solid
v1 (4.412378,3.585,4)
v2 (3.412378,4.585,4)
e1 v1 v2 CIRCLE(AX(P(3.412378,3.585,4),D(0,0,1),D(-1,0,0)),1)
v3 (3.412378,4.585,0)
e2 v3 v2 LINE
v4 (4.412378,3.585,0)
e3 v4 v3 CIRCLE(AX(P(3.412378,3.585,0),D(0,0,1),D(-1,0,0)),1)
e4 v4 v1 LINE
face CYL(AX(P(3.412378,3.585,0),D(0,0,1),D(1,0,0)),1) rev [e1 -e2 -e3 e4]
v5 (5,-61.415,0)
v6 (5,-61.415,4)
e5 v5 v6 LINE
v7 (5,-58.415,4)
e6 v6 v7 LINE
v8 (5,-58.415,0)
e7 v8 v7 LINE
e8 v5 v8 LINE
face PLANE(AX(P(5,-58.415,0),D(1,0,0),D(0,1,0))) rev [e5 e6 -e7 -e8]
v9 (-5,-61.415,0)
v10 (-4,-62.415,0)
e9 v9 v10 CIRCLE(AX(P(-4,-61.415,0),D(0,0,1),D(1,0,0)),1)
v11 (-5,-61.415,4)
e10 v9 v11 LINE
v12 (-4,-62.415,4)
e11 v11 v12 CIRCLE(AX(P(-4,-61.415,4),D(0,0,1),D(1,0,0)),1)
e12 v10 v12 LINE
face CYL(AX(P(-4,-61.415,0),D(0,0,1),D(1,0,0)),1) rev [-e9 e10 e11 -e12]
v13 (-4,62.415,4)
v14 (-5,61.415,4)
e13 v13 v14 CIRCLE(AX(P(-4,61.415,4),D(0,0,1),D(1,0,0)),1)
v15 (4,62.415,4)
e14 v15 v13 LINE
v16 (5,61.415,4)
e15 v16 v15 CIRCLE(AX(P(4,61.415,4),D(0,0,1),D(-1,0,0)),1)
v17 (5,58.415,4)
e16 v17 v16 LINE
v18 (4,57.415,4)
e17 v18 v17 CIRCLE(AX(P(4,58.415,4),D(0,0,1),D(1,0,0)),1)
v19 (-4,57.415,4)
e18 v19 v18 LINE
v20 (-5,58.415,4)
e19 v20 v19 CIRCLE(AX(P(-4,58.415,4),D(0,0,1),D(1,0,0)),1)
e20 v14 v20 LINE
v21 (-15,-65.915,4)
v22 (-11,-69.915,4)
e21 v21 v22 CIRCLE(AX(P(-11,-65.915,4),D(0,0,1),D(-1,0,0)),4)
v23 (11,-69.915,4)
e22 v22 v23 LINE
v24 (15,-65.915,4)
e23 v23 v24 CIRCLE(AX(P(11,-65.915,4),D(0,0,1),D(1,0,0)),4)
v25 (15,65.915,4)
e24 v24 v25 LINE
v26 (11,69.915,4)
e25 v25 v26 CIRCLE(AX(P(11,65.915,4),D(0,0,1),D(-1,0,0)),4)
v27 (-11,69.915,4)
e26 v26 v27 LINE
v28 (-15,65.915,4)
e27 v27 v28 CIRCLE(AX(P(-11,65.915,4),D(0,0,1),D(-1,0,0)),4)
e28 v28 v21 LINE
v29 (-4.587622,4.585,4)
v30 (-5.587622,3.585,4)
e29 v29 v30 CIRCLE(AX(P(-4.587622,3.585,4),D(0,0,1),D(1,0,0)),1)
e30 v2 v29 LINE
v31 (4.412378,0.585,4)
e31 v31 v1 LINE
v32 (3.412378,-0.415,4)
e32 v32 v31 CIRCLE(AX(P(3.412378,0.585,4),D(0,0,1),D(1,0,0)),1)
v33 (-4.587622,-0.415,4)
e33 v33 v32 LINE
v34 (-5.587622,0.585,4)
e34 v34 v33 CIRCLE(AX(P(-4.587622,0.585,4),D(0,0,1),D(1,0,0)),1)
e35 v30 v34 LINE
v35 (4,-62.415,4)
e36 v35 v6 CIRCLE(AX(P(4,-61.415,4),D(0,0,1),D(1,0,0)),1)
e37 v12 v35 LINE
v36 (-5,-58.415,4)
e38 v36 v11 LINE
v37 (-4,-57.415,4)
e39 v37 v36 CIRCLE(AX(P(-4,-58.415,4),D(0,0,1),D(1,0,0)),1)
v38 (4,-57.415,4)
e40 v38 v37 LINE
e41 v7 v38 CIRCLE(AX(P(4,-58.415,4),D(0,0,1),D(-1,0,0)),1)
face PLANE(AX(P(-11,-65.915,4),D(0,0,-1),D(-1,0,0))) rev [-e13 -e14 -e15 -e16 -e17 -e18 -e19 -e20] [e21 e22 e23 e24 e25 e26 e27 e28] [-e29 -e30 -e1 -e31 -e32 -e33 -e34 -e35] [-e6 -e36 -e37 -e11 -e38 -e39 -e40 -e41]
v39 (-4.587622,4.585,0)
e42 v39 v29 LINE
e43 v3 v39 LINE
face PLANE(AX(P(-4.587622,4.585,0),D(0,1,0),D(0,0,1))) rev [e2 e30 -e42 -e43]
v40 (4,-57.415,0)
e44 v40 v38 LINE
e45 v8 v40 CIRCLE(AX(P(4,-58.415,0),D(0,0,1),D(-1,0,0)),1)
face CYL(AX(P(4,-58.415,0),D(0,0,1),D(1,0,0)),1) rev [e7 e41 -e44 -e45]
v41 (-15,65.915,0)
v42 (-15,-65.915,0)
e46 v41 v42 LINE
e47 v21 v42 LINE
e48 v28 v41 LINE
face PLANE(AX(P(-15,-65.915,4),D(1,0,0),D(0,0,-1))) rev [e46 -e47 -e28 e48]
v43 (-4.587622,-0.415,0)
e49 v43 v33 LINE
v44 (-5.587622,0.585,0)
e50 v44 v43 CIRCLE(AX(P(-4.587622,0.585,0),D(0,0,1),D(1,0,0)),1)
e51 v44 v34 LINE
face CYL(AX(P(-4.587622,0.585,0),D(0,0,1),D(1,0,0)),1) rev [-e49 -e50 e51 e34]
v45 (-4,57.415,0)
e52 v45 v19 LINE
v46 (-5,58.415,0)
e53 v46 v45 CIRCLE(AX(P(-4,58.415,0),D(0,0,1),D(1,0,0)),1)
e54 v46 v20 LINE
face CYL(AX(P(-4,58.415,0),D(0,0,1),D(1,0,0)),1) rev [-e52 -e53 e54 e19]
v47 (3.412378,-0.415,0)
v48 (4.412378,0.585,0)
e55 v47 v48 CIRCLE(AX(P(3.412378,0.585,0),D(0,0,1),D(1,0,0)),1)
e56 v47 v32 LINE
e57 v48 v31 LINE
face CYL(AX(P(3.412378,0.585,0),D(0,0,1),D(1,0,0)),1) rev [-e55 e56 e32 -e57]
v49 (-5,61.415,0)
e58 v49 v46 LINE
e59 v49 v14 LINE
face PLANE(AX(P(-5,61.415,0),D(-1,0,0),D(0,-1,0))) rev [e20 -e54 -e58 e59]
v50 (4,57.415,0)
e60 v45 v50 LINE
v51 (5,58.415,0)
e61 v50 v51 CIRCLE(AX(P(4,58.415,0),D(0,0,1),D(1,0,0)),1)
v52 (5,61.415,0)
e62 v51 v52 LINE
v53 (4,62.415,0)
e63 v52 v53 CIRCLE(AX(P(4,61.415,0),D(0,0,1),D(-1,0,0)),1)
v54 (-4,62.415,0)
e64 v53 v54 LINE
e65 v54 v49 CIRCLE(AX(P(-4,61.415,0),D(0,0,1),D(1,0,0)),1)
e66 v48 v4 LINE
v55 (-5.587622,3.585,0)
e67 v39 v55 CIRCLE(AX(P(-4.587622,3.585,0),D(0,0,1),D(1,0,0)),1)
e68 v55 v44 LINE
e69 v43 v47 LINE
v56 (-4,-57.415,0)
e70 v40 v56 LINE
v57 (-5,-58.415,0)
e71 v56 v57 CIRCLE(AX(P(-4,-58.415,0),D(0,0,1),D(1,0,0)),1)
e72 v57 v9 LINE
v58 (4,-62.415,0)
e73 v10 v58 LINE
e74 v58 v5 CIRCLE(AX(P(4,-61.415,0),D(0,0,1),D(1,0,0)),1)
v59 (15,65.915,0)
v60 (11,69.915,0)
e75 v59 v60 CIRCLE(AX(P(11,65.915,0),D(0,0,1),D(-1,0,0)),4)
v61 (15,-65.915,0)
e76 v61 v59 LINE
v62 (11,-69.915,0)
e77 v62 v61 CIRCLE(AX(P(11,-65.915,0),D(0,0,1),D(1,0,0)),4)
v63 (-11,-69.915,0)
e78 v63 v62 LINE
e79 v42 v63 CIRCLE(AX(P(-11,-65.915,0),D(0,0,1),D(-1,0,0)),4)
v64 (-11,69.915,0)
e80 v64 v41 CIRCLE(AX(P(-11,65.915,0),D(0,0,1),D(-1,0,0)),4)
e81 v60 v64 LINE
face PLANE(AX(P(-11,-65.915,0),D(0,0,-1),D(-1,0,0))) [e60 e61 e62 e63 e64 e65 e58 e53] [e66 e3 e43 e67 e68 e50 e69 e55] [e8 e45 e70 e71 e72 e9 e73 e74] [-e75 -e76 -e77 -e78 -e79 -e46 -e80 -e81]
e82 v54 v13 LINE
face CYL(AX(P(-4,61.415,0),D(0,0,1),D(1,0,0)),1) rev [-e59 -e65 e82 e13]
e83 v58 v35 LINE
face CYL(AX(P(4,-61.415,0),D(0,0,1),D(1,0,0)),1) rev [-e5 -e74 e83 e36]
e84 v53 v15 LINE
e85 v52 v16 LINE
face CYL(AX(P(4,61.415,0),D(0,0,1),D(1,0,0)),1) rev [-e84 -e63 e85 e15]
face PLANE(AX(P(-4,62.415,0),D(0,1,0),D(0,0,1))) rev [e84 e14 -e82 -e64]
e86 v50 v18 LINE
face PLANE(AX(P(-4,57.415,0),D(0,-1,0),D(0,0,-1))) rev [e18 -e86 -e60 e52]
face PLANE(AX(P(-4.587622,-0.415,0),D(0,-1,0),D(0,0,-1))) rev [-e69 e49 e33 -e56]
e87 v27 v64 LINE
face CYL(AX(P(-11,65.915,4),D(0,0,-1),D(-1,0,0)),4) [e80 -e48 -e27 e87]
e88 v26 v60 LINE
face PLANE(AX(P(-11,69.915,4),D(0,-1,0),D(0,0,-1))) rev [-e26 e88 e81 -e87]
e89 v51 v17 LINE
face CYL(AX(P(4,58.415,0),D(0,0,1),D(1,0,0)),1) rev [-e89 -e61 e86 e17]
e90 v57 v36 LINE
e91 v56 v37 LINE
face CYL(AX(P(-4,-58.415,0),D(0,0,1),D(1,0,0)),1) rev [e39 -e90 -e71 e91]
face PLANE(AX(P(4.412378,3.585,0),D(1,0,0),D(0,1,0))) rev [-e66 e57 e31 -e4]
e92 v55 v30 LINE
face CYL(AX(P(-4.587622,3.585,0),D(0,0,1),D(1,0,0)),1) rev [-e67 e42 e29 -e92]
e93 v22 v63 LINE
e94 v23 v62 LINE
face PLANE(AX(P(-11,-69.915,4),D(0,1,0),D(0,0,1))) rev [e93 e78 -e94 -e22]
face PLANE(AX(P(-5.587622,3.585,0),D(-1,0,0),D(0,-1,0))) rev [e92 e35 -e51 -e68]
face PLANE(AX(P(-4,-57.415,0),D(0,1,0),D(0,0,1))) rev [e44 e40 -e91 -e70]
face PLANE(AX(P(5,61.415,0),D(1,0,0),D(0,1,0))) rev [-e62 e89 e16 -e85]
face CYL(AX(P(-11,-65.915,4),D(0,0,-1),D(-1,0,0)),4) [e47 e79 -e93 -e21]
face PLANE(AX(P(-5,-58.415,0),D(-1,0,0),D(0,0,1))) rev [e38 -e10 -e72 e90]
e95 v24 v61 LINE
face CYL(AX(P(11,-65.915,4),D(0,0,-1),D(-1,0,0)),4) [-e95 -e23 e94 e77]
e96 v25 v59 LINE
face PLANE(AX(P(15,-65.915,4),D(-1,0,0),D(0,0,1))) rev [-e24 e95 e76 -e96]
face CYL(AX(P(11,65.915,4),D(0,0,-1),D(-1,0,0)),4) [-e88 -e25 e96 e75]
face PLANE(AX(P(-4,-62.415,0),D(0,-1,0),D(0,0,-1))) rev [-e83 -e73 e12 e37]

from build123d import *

# Parameters (mm, degrees)
BOSS_EXTRU_1_DEPTH      = 4
ENL_V_MAT_EXTRU_1_DEPTH = 72.617785675


with BuildPart() as part:
    # Esquisse1 → Boss.-Extru.1 (new body)
    with BuildSketch(Plane.XY):
        with BuildLine():
            Line((-11, -69.915), (11, -69.915))
            ThreePointArc((11, -69.915), (13.828427125, -68.743427125), (15, -65.915))
            Line((15, -65.915), (15, 65.915))
            ThreePointArc((15, 65.915), (13.828427125, 68.743427125), (11, 69.915))
            Line((11, 69.915), (-11, 69.915))
            ThreePointArc((-11, 69.915), (-13.828427125, 68.743427125), (-15, 65.915))
            Line((-15, 65.915), (-15, -65.915))
            ThreePointArc((-15, -65.915), (-13.828427125, -68.743427125), (-11, -69.915))
        make_face()
    extrude(amount=BOSS_EXTRU_1_DEPTH)

    # Esquisse2 → Enlèv. mat.-Extru.1 (cut, through all)
    with BuildSketch(Plane.XY.offset(4)):
        with BuildLine():
            Line((-4, -57.415), (4, -57.415))
            ThreePointArc((4, -57.415), (4.707106781, -57.707893219), (5, -58.415))
            Line((5, -58.415), (5, -61.415))
            ThreePointArc((5, -61.415), (4.707106781, -62.122106781), (4, -62.415))
            Line((4, -62.415), (-4, -62.415))
            ThreePointArc((-4, -62.415), (-4.707106781, -62.122106781), (-5, -61.415))
            Line((-5, -61.415), (-5, -58.415))
            ThreePointArc((-5, -58.415), (-4.707106781, -57.707893219), (-4, -57.415))
        make_face()
        with BuildLine():
            Line((-4, 62.415), (4, 62.415))
            ThreePointArc((4, 62.415), (4.707106781, 62.122106781), (5, 61.415))
            Line((5, 61.415), (5, 58.415))
            ThreePointArc((5, 58.415), (4.707106781, 57.707893219), (4, 57.415))
            Line((4, 57.415), (-4, 57.415))
            ThreePointArc((-4, 57.415), (-4.707106781, 57.707893219), (-5, 58.415))
            Line((-5, 58.415), (-5, 61.415))
            ThreePointArc((-5, 61.415), (-4.707106781, 62.122106781), (-4, 62.415))
        make_face()
        with BuildLine():
            Line((-4.587622439, 4.585), (3.412377561, 4.585))
            ThreePointArc((3.412377561, 4.585), (4.119484342, 4.292106781), (4.412377561, 3.585))
            Line((4.412377561, 3.585), (4.412377561, 0.585))
            ThreePointArc((4.412377561, 0.585), (4.119484342, -0.122106781), (3.412377561, -0.415))
            Line((3.412377561, -0.415), (-4.587622439, -0.415))
            ThreePointArc((-4.587622439, -0.415), (-5.29472922, -0.122106781), (-5.587622439, 0.585))
            Line((-5.587622439, 0.585), (-5.587622439, 3.585))
            ThreePointArc((-5.587622439, 3.585), (-5.29472922, 4.292106781), (-4.587622439, 4.585))
        make_face()
    extrude(amount=-ENL_V_MAT_EXTRU_1_DEPTH, mode=Mode.SUBTRACT)


solid = part.part
